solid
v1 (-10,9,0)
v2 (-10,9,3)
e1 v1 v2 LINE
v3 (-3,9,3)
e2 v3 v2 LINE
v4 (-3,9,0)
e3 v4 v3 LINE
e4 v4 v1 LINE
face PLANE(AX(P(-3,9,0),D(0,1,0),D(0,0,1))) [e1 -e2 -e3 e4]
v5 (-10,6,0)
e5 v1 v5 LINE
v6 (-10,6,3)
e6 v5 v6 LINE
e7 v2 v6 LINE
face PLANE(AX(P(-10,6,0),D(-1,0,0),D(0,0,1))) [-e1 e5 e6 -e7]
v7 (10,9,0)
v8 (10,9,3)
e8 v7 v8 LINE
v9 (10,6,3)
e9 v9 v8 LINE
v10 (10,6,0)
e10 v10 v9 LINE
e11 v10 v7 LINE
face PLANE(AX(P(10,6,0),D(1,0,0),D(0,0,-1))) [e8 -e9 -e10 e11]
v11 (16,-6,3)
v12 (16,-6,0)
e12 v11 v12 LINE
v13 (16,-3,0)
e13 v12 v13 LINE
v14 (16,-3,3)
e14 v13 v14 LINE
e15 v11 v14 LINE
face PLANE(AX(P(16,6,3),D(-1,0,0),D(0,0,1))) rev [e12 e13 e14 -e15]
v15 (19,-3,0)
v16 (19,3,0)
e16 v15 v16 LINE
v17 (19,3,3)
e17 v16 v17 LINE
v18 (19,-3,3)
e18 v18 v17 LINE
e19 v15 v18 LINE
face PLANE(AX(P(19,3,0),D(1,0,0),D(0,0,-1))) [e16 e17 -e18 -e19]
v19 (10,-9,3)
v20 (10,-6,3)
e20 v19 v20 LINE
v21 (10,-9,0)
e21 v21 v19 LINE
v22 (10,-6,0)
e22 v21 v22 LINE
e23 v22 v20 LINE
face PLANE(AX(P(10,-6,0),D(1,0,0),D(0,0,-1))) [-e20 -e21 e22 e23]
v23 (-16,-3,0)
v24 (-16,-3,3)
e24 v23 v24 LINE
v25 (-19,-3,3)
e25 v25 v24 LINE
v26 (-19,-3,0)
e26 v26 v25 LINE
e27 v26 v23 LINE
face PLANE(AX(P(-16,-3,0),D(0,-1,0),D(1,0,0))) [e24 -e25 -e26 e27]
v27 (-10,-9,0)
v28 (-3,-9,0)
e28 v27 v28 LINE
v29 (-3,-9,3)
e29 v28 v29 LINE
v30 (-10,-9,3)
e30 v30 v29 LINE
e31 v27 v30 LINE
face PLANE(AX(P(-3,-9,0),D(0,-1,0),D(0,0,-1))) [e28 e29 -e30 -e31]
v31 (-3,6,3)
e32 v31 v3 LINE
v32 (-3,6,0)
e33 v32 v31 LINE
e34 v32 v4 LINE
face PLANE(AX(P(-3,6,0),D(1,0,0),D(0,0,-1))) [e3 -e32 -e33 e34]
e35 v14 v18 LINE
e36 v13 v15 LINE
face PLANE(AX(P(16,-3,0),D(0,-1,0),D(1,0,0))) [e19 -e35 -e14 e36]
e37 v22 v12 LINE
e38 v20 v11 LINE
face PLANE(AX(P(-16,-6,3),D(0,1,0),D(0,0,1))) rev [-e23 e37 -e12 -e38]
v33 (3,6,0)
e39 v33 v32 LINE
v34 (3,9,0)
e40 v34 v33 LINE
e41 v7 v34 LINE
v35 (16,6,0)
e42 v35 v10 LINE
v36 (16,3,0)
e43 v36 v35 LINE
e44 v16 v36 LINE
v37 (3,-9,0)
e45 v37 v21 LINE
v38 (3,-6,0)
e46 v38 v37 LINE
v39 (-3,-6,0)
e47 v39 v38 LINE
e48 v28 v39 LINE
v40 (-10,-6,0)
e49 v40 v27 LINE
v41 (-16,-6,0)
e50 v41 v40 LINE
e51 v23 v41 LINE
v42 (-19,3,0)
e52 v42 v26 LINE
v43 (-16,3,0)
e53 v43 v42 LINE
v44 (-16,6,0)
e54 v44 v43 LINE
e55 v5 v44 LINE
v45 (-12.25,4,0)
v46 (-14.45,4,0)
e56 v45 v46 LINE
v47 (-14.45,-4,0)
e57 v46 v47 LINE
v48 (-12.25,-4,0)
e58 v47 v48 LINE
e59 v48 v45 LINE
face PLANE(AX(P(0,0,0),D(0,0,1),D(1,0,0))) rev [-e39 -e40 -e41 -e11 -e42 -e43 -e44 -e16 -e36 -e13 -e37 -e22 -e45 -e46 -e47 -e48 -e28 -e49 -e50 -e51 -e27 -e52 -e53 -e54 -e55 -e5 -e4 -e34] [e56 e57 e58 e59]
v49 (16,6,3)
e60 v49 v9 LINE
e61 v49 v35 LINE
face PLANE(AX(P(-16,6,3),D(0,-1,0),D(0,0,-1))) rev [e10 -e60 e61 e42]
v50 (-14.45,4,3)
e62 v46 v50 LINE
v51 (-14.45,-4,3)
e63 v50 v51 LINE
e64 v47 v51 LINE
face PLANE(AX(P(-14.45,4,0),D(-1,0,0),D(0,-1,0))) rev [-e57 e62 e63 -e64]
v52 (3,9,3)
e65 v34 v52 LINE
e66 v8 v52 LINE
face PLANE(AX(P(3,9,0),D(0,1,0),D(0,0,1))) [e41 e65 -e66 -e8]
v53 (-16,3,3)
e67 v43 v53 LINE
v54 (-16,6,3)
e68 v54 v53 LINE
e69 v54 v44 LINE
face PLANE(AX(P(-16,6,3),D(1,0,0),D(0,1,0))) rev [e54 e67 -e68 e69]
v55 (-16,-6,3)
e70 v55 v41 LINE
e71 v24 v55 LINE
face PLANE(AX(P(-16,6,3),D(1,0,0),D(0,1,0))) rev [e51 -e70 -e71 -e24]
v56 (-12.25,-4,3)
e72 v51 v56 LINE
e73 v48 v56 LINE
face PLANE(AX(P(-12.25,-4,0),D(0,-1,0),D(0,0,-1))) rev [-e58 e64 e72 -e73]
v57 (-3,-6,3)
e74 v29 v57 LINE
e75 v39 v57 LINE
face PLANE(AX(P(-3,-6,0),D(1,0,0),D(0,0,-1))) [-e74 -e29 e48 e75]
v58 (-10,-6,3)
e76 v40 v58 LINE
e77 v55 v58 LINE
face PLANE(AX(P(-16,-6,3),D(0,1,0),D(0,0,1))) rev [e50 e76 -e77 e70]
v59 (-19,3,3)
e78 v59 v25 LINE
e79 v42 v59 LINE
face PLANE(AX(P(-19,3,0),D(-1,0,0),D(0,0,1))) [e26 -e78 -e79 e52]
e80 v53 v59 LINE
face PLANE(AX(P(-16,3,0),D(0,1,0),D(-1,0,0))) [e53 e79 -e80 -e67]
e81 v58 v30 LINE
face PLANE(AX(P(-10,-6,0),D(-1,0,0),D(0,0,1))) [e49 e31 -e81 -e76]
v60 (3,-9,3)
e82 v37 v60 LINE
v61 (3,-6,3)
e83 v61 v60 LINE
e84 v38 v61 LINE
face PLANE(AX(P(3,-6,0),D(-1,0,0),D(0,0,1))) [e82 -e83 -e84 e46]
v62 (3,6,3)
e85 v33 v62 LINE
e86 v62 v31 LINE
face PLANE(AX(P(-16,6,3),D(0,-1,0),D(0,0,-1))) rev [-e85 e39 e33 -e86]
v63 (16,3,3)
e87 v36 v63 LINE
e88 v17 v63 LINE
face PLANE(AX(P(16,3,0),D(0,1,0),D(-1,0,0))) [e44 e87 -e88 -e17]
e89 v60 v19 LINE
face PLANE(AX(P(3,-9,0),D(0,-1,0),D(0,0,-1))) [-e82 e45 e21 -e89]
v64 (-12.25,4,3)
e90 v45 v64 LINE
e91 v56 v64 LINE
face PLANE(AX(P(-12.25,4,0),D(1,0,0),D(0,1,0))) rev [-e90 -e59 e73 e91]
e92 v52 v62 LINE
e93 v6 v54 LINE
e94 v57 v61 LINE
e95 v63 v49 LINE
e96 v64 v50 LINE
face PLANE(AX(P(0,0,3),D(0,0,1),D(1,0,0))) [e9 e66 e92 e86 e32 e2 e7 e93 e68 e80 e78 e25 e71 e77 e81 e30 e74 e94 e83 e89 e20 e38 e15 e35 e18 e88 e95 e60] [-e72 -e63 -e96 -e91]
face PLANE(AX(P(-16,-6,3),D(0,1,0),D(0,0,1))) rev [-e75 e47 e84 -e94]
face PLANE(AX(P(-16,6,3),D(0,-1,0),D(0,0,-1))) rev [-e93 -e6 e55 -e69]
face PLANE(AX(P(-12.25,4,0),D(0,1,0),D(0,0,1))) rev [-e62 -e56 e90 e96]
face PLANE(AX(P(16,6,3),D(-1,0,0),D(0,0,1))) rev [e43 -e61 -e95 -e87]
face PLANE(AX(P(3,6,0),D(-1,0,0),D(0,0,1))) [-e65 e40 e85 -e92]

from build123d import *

# Parameters (mm, degrees)
SKETCH2_W           = 32
SKETCH2_H           = 12
BOSS_EXTRUDE1_DEPTH = 3
SKETCH3_W           = 7
SKETCH3_H           = 3
SKETCH3_W_2         = 3
SKETCH3_H_2         = 6
BOSS_EXTRUDE3_DEPTH = 3
SKETCH4_W           = 2.2
SKETCH4_H           = 8
CUT_EXTRUDE1_DEPTH  = 3


with BuildPart() as part:
    # Sketch2 → Boss-Extrude1 (new body)
    with BuildSketch(Plane.XY):
        Rectangle(SKETCH2_W, SKETCH2_H)
    extrude(amount=BOSS_EXTRUDE1_DEPTH)

    # Sketch3 → Boss-Extrude3 (add)
    with BuildSketch(Plane.XY.offset(3)):
        with Locations((-6.5, -7.5)):
            Rectangle(SKETCH3_W, SKETCH3_H)
        with Locations((6.5, -7.5)):
            Rectangle(SKETCH3_W, SKETCH3_H)
        with Locations((6.5, 7.5)):
            Rectangle(SKETCH3_W, SKETCH3_H)
        with Locations((-6.5, 7.5)):
            Rectangle(SKETCH3_W, SKETCH3_H)
        with Locations((-17.5, 0)):
            Rectangle(SKETCH3_W_2, SKETCH3_H_2)
        with Locations((17.5, 0)):
            Rectangle(SKETCH3_W_2, SKETCH3_H_2)
    extrude(amount=-BOSS_EXTRUDE3_DEPTH)

    # Sketch4 → Cut-Extrude1 (cut)
    with BuildSketch(Plane.XY.offset(3)):
        with Locations((-13.35, 0)):
            Rectangle(SKETCH4_W, SKETCH4_H)
    extrude(amount=-CUT_EXTRUDE1_DEPTH, mode=Mode.SUBTRACT)


solid = part.part
